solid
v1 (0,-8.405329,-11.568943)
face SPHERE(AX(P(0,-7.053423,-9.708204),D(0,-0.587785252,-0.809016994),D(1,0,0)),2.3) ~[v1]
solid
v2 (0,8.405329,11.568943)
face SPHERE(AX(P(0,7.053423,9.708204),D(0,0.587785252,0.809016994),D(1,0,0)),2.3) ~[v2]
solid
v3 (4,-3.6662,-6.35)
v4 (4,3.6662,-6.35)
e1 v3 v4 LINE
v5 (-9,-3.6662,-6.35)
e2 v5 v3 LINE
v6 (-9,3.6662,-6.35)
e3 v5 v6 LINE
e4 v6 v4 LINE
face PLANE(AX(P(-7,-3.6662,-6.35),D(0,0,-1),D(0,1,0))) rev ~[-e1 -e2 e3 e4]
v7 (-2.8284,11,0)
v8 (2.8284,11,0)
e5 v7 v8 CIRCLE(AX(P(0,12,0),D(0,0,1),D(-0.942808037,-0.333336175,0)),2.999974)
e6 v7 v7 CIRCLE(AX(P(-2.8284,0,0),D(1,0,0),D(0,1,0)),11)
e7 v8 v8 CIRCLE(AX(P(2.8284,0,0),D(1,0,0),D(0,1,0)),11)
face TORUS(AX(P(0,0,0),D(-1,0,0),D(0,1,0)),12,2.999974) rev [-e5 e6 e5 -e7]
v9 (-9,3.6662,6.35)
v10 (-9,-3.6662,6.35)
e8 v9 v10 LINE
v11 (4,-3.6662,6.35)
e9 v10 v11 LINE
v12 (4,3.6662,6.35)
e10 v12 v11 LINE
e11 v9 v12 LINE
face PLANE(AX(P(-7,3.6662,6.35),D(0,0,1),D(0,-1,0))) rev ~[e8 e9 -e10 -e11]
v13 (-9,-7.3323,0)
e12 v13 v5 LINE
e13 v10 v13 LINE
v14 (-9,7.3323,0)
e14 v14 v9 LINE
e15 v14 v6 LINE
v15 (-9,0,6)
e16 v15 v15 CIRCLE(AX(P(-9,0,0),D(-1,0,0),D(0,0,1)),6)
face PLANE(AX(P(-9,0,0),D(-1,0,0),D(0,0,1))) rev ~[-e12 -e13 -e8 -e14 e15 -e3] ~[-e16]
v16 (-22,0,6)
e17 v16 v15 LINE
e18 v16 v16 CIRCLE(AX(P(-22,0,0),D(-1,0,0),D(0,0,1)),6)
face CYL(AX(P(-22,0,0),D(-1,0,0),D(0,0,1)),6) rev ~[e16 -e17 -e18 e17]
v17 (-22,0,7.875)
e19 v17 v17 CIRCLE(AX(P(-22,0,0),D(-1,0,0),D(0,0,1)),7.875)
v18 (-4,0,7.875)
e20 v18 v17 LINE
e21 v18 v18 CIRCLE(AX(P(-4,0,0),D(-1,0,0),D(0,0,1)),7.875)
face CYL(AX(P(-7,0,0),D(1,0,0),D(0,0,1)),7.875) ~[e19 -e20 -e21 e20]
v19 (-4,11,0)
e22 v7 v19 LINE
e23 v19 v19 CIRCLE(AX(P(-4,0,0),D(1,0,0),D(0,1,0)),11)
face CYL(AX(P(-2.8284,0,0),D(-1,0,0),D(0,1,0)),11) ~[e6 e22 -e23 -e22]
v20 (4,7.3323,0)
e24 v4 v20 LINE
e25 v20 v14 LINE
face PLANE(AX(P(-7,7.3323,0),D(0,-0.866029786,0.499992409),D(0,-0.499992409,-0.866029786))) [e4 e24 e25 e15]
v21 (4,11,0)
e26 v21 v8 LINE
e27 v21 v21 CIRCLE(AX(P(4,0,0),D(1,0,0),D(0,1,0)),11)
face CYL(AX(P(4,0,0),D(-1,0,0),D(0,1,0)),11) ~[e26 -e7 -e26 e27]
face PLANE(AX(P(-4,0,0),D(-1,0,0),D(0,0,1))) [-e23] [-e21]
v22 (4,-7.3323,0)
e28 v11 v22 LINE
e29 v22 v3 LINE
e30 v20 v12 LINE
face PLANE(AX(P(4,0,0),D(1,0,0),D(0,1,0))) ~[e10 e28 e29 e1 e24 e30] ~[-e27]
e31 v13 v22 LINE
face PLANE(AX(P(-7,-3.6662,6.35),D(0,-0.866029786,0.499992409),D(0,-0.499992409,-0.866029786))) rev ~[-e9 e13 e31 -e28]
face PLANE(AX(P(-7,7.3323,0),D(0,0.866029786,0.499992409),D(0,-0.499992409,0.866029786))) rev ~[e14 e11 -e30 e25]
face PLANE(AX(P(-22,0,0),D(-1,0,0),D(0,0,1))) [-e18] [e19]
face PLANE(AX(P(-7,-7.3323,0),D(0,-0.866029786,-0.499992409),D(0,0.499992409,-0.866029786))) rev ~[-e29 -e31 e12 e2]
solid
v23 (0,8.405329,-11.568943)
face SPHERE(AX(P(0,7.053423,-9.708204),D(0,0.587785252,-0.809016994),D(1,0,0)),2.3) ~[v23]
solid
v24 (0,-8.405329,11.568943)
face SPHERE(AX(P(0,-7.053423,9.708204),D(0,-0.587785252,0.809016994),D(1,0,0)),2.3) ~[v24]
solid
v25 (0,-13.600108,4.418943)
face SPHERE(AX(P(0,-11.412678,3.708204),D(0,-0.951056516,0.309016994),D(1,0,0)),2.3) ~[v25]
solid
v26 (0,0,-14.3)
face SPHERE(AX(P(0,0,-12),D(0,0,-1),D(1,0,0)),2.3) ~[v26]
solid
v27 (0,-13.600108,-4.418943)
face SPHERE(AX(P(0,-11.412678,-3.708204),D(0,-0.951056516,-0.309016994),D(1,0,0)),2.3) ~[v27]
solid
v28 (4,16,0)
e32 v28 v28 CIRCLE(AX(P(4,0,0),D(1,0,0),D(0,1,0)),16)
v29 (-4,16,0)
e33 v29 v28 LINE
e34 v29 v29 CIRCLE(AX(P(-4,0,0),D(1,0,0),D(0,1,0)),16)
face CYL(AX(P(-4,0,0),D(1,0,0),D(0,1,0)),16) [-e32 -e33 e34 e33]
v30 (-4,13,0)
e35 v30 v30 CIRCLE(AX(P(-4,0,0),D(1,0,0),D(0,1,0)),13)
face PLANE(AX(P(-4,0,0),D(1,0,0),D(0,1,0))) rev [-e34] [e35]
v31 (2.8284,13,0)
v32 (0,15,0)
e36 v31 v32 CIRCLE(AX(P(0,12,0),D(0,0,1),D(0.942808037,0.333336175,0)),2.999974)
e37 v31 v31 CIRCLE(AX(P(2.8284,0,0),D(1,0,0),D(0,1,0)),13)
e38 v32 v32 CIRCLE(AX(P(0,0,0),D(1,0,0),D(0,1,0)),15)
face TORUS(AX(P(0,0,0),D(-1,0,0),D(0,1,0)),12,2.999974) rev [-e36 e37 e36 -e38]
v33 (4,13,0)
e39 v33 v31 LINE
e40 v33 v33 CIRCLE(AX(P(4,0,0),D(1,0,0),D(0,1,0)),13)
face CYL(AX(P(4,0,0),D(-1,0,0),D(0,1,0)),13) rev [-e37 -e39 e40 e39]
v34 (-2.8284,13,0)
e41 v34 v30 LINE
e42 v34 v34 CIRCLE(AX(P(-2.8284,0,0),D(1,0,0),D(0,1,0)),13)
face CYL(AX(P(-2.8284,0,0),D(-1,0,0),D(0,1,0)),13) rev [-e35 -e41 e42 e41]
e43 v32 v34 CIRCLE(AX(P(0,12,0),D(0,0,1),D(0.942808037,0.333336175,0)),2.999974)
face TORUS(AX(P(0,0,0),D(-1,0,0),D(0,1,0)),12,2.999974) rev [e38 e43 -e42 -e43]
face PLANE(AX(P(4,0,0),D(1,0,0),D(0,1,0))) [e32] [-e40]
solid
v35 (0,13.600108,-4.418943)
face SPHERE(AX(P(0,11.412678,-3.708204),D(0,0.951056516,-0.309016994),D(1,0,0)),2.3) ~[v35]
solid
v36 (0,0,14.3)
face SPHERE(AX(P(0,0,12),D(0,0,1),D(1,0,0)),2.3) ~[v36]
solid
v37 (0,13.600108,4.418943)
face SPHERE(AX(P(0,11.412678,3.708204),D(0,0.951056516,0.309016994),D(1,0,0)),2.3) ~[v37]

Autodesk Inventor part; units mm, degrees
ref_plane "YZ Plane" through (0, 0, 0) normal (1, 0, 0) x (0, 1, 0)
ref_plane "XZ Plane" through (0, 0, 0) normal (0, 1, 0) x (-1, 0, 0)
ref_plane "XY Plane" through (0, 0, 0) normal (0, 0, 1) x (1, 0, 0)
sketch "Sketch1" plane through (0, 0, 0) normal (0, 0, 1) x (1, 0, 0)
  line L0 (-4, 16) -> (4, 16)
  line L1 (4, 16) -> (4, 13)
  line L2 (-4, 13) -> (-4, 16)
  line L3 (-4, 16) -> (4, 13) construction
  line L4 (4, 16) -> (-4, 13) construction
  line L5 (-4, 11) -> (-4, 8)
  line L6 (-4, 8) -> (4, 8)
  line L7 (4, 8) -> (4, 11)
  line L8 (4, 11) -> (-4, 8) construction
  line L9 (-4, 11) -> (4, 8) construction
  line L10 (4, 13) -> (2.8284, 13)
  line L11 (-2.8284, 13) -> (-4, 13)
  line L12 (4, 11) -> (2.8284, 11)
  line L13 (-2.8284, 11) -> (-4, 11)
  arc A0 (2.8284, 13) -> (-2.8284, 13) centre (0, 12) ccw
  arc A1 (-2.8284, 11) -> (2.8284, 11) centre (0, 12) ccw
  line L14 (0, 14.5) -> (0, 15)
  line L15 (0, 0) -> (0, 8)
  line L16 (0, 9) -> (0, 9.5)
  line L17 (-5.6, 0) -> (5.6, 0) projected
  point P0 (0, 14.5)
  point P1 (0, 9.5)
  dimension "d6" = 8
  dimension "d7" = 3
  dimension "d8" = 8
  dimension "d9" = 3
  dimension "d11" = 8
sketch "Sketch2" plane through (0, 0, 0) normal (1, 0, 0) x (0, 1, 0)
  point P0 (0, 0)
revolve "Revolution1" add sketch "Sketch1" angle 360 about axis through (-10, 0, 0) along (1, 0, 0)
sketch "Sketch5" plane through (0, 0, 0) normal (1, 0, 0) x (0, 1, 0)
  point P0 (0, 0)
sketch "Sketch6" plane through (0, 0, 0) normal (0, 0, 1) x (1, 0, 0)
  point P0 (0, 0)
sketch "Sketch7" plane through (4, 0, 0) normal (1, 0, 0) x (0, 0, -1)
  point P0 (0, 0)
sketch "Sketch8" plane through (0, 0, 0) normal (0, 1, 0) x (-1, 0, 0)
  line L0 (4, 16) -> (4, -16) projected
  line L1 (-4, 16) -> (-4, -16) projected
  arc A0 (2.8284, -11) -> (-2.8284, -11) centre (0, -12) ccw projected
  arc A1 (-2.8284, -13) -> (2.8284, -13) centre (0, -12) ccw projected
  arc A2 (-2.8284, -13) -> (2.8284, -13) centre (0, -12) ccw projected
  arc A3 (-2.8284, -13) -> (2.8284, -13) centre (0, -12) ccw projected
  arc A4 (-2.8284, -13) -> (2.8284, -13) centre (0, -12) ccw projected
  arc A5 (3, -12) -> (-3, -12) centre (0, -12) ccw
  arc A6 (0, -9.7) -> (0, -14.3) centre (0, -12) ccw
  line L2 (0, -14.3) -> (0, -9.7)
  line L3 (0, -22.4) -> (0, 22.4) projected
  point P0 (0, 0)
  dimension "d16" = 4.6
revolve "Revolution2" add sketch "Sketch8" angle 360 about axis through (0, 0, -10) along (0, 0, 1)
pattern_circular "Circular Pattern1" count 10 over 360 about axis through (-3.4142, 0, 0) along (1, 0, 0) of "Revolution2"
sketch "Sketch9" plane through (0, 0, 0) normal (0, 1, 0) x (-1, 0, 0)
  point P0 (0, 0)
sketch "Sketch10" plane through (4, 0, 0) normal (1, 0, 0) x (0, 0, -1)
  point P0 (0, 0)
sketch "Sketch11" plane through (-4, 0, 0) normal (-1, 0, 0) x (0, 0, 1)
  circle A0 centre (0, 0) radius 8
extrude "Extrusion1" add sketch "Sketch11" against normal blind 8
sketch "Sketch12" plane through (-4, 0, 0) normal (-1, 0, 0) x (0, 0, 1)
  circle A0 centre (0, 0) radius 7.875
  circle A1 centre (0, 0) radius 11 projected
  line L0 (6.275, -3.7931) -> (-0.1474, -7.3309)
  line L1 (-0.1474, -7.3309) -> (-6.4224, -3.5378)
  line L2 (-6.4224, -3.5378) -> (-6.275, 3.7931)
  line L3 (-6.275, 3.7931) -> (0.1474, 7.3309)
  line L4 (0.1474, 7.3309) -> (6.4224, 3.5378)
  line L5 (6.4224, 3.5378) -> (6.275, -3.7931)
  dimension "d23" = 15.75
  dimension "d24" = 12.7
extrude "Extrusion2" add sketch "Sketch12" along normal blind 3 contours A0 | L0 L1 L2 L3 L4 L5
sketch "Sketch13" plane through (-7, 0, 0) normal (-1, 0, 0) x (0, 0, 1)
  circle A0 centre (0, 0) radius 7.875 projected
  line L0 (0, 7.3323) -> (6.35, 3.6662)
  line L1 (6.35, 3.6662) -> (6.35, -3.6662)
  line L2 (6.35, -3.6662) -> (0, -7.3323)
  line L3 (0, -7.3323) -> (-6.35, -3.6662)
  line L4 (-6.35, -3.6662) -> (-6.35, 3.6662)
  line L5 (-6.35, 3.6662) -> (0, 7.3323)
  dimension "d27" = 12.7
extrude "Extrusion3" cut sketch "Sketch13" against normal blind 11 contours L0 L1 L2 L3 L4 L5
sketch "Sketch14" plane through (-7, 0, 0) normal (-1, 0, 0) x (0, 0, 1)
  circle A0 centre (0, 0) radius 7.875
  line L0 (0, 7.3323) -> (-6.35, 3.6662) projected
  line L1 (0, 7.3323) -> (6.35, 3.6662)
  line L2 (6.35, 3.6662) -> (6.35, -3.6662)
  line L3 (6.35, -3.6662) -> (0, -7.3323)
  line L4 (0, -7.3323) -> (-6.35, -3.6662)
  line L5 (-6.35, -3.6662) -> (-6.35, 3.6662)
  line L6 (-6.35, 3.6662) -> (0, 7.3323)
extrude "Extrusion4" add sketch "Sketch14" along normal blind 15
sketch "Sketch15" plane through (-22, 0, 0) normal (-1, 0, 0) x (0, 0, 1)
  circle A0 centre (0, 0) radius 16 projected
  line L0 (0, 7.3323) -> (-6.35, 3.6662) projected
  line L1 (0, 7.3323) -> (6.35, 3.6662)
  line L2 (6.35, 3.6662) -> (6.35, -3.6662)
  line L3 (6.35, -3.6662) -> (0, -7.3323)
  line L4 (0, -7.3323) -> (-6.35, -3.6662)
  line L5 (-6.35, -3.6662) -> (-6.35, 3.6662)
  line L6 (-6.35, 3.6662) -> (0, 7.3323)
extrude "Extrusion5" add sketch "Sketch15" against normal blind 13 contours L1 L2 L3 L4 L5 L0
sketch "Sketch16" plane through (-22, 0, 0) normal (-1, 0, 0) x (0, 0, 1)
  circle A0 centre (0, 0) radius 11 projected
  circle A1 centre (0, 0) radius 6
  dimension "d34" = 12
extrude "Extrusion6" cut sketch "Sketch16" against normal blind 13 contours A1
properties part number "rodamientov2"
